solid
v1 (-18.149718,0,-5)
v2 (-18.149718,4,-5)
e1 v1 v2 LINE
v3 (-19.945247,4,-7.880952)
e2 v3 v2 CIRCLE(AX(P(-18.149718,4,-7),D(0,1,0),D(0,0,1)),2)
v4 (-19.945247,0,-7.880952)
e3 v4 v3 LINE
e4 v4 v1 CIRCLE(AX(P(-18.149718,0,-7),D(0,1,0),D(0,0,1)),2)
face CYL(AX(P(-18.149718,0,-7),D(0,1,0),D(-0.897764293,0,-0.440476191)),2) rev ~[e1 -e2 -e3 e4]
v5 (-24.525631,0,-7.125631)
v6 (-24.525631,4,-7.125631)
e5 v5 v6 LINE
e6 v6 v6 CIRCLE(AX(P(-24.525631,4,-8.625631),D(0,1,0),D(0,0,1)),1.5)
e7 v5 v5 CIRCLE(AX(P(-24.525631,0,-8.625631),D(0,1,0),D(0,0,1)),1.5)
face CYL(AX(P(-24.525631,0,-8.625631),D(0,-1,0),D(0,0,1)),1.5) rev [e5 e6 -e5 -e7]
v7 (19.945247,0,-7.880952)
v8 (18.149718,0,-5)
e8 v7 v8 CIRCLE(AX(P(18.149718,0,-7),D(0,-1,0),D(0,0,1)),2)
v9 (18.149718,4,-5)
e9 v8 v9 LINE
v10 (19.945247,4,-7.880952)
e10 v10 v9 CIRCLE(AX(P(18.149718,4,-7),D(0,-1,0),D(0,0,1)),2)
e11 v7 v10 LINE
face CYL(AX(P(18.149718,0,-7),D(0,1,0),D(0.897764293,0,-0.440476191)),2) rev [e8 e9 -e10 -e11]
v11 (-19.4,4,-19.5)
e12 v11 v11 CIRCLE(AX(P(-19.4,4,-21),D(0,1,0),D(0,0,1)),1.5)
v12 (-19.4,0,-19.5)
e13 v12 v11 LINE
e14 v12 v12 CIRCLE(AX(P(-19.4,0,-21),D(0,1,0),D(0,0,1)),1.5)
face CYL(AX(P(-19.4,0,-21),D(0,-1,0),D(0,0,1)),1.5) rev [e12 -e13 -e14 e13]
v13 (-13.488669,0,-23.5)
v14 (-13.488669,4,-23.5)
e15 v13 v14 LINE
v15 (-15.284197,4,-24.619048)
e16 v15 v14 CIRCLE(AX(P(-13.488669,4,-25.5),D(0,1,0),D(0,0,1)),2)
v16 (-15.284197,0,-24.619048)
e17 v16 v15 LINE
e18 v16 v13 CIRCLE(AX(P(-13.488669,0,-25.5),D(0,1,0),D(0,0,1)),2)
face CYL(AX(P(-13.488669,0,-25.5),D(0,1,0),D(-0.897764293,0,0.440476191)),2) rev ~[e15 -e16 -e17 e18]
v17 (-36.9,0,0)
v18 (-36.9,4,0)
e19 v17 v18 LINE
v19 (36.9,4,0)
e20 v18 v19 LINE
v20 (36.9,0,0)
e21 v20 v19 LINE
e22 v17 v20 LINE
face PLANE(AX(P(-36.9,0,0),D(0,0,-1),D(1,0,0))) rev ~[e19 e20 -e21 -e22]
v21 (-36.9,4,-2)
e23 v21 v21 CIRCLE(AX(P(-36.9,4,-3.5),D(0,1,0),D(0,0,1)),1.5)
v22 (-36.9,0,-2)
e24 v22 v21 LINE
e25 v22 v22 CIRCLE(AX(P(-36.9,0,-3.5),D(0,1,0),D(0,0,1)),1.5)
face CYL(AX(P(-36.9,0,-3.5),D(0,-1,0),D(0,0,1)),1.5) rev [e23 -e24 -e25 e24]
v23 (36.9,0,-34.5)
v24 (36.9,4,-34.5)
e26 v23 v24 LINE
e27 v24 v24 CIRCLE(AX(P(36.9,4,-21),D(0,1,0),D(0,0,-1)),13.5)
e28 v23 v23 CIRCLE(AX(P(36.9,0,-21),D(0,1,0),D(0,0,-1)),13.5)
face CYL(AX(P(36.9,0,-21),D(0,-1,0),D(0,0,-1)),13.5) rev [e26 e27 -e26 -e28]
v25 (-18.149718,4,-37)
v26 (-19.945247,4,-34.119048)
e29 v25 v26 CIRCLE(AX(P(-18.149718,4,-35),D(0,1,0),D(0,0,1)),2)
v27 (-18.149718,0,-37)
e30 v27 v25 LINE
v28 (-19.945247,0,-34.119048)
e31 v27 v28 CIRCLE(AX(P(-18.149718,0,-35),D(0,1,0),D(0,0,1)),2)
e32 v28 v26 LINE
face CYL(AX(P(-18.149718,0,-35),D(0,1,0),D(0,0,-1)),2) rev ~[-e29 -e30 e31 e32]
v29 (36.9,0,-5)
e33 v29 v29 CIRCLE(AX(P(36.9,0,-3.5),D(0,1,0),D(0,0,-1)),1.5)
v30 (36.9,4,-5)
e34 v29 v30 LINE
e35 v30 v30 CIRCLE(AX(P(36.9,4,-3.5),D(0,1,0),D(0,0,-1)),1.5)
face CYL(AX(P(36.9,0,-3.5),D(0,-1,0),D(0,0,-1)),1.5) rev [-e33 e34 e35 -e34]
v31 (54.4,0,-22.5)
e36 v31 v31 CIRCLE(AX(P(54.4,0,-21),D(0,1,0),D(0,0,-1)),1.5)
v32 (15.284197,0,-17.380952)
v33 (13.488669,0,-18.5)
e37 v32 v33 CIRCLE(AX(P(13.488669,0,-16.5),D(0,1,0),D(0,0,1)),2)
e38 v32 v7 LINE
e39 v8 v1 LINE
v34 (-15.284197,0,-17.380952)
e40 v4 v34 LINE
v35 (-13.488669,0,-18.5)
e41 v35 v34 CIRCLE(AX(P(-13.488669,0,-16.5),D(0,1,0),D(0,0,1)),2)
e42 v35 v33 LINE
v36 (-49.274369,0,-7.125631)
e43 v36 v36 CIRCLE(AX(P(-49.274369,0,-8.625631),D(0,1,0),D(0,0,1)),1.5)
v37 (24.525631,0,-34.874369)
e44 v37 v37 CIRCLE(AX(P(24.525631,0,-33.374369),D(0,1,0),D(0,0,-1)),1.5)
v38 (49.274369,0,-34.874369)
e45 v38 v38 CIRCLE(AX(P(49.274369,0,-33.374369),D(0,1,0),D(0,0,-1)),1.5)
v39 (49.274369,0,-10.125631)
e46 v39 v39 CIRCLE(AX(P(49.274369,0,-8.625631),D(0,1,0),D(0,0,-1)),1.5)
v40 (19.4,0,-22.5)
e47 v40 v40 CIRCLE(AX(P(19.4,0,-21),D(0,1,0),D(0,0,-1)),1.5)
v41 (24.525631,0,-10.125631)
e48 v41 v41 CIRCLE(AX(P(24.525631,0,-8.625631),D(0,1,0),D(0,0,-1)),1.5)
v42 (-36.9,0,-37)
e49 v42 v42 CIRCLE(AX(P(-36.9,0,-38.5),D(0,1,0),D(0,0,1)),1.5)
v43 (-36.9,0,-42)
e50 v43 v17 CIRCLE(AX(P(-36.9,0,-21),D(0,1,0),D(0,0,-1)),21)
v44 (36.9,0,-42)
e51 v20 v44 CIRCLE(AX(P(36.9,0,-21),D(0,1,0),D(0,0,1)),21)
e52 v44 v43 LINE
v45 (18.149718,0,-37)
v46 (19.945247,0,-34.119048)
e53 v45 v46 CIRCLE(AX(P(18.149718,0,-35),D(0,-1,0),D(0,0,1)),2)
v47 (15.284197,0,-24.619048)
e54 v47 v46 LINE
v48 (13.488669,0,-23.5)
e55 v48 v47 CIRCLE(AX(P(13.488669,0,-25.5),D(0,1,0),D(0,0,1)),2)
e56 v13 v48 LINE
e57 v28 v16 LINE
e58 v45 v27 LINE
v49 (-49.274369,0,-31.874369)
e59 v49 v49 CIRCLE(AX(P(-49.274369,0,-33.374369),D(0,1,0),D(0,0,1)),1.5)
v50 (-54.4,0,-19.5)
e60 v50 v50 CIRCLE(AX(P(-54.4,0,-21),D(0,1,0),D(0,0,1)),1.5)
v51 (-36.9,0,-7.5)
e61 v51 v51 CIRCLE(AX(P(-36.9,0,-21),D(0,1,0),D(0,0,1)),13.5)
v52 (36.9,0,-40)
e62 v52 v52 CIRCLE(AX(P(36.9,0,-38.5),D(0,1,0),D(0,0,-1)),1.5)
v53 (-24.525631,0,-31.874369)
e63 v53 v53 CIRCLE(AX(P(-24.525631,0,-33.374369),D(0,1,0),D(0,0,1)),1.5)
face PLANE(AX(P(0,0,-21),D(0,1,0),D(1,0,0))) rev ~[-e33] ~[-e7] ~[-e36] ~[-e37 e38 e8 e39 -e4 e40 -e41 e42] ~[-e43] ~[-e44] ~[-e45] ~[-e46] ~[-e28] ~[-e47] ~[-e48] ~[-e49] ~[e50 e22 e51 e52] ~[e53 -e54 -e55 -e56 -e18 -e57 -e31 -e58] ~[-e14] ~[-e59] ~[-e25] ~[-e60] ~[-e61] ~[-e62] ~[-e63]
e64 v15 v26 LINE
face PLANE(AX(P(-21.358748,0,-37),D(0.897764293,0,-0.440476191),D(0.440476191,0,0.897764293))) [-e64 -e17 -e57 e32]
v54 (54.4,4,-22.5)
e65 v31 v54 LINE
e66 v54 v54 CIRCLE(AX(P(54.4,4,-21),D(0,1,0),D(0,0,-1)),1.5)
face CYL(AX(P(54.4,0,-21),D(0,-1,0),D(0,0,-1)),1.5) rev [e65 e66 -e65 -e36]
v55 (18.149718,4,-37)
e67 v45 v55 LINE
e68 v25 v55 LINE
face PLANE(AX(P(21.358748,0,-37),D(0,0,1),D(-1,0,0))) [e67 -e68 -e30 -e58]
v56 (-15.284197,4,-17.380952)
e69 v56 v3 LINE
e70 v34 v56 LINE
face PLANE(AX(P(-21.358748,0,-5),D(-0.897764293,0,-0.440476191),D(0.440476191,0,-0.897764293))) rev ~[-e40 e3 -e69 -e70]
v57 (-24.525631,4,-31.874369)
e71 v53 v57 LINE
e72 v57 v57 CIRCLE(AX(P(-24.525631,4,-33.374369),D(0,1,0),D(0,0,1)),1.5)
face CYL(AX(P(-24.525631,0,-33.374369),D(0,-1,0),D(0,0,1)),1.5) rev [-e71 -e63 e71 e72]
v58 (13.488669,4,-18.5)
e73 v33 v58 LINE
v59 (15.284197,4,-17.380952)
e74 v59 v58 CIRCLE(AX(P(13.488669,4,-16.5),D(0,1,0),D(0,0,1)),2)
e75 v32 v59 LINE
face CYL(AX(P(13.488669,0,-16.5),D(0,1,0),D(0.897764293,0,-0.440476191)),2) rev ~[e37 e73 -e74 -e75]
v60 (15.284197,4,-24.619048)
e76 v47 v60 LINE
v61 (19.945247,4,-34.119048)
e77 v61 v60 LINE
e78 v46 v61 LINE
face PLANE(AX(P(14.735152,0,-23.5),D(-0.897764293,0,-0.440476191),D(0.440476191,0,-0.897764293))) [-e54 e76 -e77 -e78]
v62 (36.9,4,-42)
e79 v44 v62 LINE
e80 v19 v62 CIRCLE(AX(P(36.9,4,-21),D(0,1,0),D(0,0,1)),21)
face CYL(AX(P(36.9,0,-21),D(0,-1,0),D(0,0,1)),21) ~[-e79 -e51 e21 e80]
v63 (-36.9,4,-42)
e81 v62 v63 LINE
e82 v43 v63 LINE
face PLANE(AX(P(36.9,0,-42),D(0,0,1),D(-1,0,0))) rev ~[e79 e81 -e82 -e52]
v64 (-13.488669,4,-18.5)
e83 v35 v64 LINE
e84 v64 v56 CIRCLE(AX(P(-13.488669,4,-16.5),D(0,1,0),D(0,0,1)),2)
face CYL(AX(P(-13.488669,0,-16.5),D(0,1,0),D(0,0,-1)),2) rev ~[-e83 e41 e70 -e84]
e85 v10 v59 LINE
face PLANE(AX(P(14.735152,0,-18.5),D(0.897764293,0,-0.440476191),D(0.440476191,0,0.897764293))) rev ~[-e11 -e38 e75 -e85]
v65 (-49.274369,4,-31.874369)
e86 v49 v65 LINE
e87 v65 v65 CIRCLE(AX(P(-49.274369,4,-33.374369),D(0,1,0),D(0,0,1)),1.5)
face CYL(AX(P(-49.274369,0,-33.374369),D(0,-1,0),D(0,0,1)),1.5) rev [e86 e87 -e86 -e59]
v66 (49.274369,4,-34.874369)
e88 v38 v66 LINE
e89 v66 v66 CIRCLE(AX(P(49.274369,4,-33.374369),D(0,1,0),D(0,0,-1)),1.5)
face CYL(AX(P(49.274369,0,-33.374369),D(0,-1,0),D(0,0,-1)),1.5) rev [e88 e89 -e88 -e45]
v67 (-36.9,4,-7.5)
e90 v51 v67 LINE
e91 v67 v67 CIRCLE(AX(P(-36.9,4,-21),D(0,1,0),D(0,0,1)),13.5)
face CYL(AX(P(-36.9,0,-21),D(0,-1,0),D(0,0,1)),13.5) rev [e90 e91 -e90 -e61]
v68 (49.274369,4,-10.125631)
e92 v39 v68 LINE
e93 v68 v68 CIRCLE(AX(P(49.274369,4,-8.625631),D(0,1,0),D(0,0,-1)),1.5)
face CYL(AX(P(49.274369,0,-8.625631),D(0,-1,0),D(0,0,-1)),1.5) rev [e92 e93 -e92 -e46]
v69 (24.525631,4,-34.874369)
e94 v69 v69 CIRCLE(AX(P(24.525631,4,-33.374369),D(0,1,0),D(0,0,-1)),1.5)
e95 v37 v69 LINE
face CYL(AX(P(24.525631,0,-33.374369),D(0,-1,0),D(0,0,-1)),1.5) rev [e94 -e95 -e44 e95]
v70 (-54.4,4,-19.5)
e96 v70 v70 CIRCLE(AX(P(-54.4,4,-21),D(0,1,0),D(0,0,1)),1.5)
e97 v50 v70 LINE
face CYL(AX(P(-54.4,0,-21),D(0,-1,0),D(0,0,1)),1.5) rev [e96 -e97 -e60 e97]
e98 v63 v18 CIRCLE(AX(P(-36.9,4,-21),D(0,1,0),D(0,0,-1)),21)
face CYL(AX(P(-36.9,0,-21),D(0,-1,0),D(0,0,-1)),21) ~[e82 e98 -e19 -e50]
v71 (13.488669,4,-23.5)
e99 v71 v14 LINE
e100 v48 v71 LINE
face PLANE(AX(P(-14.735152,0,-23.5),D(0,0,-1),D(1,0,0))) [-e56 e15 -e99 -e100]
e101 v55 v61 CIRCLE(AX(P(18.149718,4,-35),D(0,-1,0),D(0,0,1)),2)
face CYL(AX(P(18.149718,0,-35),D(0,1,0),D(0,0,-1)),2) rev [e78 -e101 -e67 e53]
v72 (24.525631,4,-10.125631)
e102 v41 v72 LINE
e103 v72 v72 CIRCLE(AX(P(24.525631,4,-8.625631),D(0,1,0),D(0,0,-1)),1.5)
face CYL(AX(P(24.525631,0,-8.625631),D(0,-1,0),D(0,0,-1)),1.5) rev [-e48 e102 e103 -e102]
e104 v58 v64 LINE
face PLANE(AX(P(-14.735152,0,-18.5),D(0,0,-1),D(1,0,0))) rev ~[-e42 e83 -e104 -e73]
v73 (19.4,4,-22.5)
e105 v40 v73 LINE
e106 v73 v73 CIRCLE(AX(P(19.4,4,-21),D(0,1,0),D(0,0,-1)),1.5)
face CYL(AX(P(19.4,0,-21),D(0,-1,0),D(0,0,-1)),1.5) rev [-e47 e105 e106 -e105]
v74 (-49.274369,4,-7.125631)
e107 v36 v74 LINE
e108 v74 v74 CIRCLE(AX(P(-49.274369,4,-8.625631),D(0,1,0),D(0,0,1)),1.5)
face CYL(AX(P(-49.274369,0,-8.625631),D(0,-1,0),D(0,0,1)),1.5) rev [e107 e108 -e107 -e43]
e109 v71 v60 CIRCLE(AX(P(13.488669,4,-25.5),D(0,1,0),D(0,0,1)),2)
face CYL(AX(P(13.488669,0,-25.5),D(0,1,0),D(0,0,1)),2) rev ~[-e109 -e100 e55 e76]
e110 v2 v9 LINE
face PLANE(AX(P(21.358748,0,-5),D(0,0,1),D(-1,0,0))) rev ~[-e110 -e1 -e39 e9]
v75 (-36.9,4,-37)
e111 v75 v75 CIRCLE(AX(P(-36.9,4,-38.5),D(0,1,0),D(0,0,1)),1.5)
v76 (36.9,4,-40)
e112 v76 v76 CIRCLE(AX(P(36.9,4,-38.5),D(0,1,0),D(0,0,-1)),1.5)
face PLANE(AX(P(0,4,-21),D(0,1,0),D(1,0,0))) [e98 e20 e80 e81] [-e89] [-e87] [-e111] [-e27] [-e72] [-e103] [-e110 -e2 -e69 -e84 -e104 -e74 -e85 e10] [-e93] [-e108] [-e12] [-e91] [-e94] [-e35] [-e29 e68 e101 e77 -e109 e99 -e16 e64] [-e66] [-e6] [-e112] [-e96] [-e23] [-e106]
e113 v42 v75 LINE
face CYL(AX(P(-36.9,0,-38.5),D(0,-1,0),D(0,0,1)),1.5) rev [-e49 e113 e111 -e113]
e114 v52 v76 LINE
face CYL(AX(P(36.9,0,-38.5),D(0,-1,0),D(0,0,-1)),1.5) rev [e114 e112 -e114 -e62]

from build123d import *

# Parameters (mm, degrees)
SKETCH_1_R          = 13.5
SKETCH_1_R_2        = 1.5
EXTRUDE_1_DEPTH     = 4
CUT_EXTRUDE_2_DEPTH = 72.640840308
FILLET_1_R          = 2


with BuildPart() as part:
    # 草图1 → 凸台-拉伸1 (new body)
    with BuildSketch(Plane(origin=(0, 0, 0), x_dir=(1, 0, 0), z_dir=(0, 1, 0))):
        with BuildLine():
            Line((36.9, 42), (-36.9, 42))
            ThreePointArc((-36.9, 42), (-57.9, 21), (-36.9, 0))
            Line((-36.9, 0), (36.9, 0))
            ThreePointArc((36.9, 0), (57.9, 21), (36.9, 42))
        make_face()
        with Locations(Location((-36.9, 21, 0), (0, 0, 270))):
            Circle(SKETCH_1_R, mode=Mode.SUBTRACT)
        with Locations(Location((-36.9, 38.5, 0), (0, 0, 270))):
            Circle(SKETCH_1_R_2, mode=Mode.SUBTRACT)
        with Locations(Location((-24.525631329, 33.374368671, 0), (0, 0, 270))):
            Circle(SKETCH_1_R_2, mode=Mode.SUBTRACT)
        with Locations(Location((-19.4, 21, 0), (0, 0, 270))):
            Circle(SKETCH_1_R_2, mode=Mode.SUBTRACT)
        with Locations(Location((-24.525631329, 8.625631329, 0), (0, 0, 270))):
            Circle(SKETCH_1_R_2, mode=Mode.SUBTRACT)
        with Locations(Location((-36.9, 3.5, 0), (0, 0, 270))):
            Circle(SKETCH_1_R_2, mode=Mode.SUBTRACT)
        with Locations(Location((-49.274368671, 8.625631329, 0), (0, 0, 270))):
            Circle(SKETCH_1_R_2, mode=Mode.SUBTRACT)
        with Locations(Location((-54.4, 21, 0), (0, 0, 270))):
            Circle(SKETCH_1_R_2, mode=Mode.SUBTRACT)
        with Locations(Location((-49.274368671, 33.374368671, 0), (0, 0, 270))):
            Circle(SKETCH_1_R_2, mode=Mode.SUBTRACT)
        with Locations(Location((49.274368671, 33.374368671, 0), (0, 0, 90))):
            Circle(SKETCH_1_R_2, mode=Mode.SUBTRACT)
        with Locations(Location((54.4, 21, 0), (0, 0, 90))):
            Circle(SKETCH_1_R_2, mode=Mode.SUBTRACT)
        with Locations(Location((49.274368671, 8.625631329, 0), (0, 0, 90))):
            Circle(SKETCH_1_R_2, mode=Mode.SUBTRACT)
        with Locations(Location((36.9, 3.5, 0), (0, 0, 90))):
            Circle(SKETCH_1_R_2, mode=Mode.SUBTRACT)
        with Locations(Location((24.525631329, 8.625631329, 0), (0, 0, 90))):
            Circle(SKETCH_1_R_2, mode=Mode.SUBTRACT)
        with Locations(Location((19.4, 21, 0), (0, 0, 90))):
            Circle(SKETCH_1_R_2, mode=Mode.SUBTRACT)
        with Locations(Location((24.525631329, 33.374368671, 0), (0, 0, 90))):
            Circle(SKETCH_1_R_2, mode=Mode.SUBTRACT)
        with Locations(Location((36.9, 38.5, 0), (0, 0, 90))):
            Circle(SKETCH_1_R_2, mode=Mode.SUBTRACT)
        with Locations(Location((36.9, 21, 0), (0, 0, 90))):
            Circle(SKETCH_1_R, mode=Mode.SUBTRACT)
    extrude(amount=EXTRUDE_1_DEPTH)

    # 草图2 → 切除-拉伸2 (cut, through all)
    with BuildSketch(Plane(origin=(0, 0, 0), x_dir=(1, 0, 0), z_dir=(0, 1, 0))):
        Polygon((21.358748179, 37), (-21.358748179, 37), (-14.735151519, 23.5), (14.735151519, 23.5), align=None)
        Polygon((21.358748179, 5), (-21.358748179, 5), (-14.735151519, 18.5), (14.735151519, 18.5), align=None)
    extrude(amount=CUT_EXTRUDE_2_DEPTH, mode=Mode.SUBTRACT)

    # 圆角1
    fillet_1_edges = [part.edges().sort_by_distance(p)[0] for p in [
        (-21.358748179, 2, -37),
        (-14.735151519, 2, -23.5),
        (14.735151519, 2, -23.5),
        (21.358748179, 2, -37),
        (21.358748179, 2, -5),
        (14.735151519, 2, -18.5),
        (-14.735151519, 2, -18.5),
        (-21.358748179, 2, -5),
    ]]
    fillet(fillet_1_edges, radius=FILLET_1_R)


solid = part.part
